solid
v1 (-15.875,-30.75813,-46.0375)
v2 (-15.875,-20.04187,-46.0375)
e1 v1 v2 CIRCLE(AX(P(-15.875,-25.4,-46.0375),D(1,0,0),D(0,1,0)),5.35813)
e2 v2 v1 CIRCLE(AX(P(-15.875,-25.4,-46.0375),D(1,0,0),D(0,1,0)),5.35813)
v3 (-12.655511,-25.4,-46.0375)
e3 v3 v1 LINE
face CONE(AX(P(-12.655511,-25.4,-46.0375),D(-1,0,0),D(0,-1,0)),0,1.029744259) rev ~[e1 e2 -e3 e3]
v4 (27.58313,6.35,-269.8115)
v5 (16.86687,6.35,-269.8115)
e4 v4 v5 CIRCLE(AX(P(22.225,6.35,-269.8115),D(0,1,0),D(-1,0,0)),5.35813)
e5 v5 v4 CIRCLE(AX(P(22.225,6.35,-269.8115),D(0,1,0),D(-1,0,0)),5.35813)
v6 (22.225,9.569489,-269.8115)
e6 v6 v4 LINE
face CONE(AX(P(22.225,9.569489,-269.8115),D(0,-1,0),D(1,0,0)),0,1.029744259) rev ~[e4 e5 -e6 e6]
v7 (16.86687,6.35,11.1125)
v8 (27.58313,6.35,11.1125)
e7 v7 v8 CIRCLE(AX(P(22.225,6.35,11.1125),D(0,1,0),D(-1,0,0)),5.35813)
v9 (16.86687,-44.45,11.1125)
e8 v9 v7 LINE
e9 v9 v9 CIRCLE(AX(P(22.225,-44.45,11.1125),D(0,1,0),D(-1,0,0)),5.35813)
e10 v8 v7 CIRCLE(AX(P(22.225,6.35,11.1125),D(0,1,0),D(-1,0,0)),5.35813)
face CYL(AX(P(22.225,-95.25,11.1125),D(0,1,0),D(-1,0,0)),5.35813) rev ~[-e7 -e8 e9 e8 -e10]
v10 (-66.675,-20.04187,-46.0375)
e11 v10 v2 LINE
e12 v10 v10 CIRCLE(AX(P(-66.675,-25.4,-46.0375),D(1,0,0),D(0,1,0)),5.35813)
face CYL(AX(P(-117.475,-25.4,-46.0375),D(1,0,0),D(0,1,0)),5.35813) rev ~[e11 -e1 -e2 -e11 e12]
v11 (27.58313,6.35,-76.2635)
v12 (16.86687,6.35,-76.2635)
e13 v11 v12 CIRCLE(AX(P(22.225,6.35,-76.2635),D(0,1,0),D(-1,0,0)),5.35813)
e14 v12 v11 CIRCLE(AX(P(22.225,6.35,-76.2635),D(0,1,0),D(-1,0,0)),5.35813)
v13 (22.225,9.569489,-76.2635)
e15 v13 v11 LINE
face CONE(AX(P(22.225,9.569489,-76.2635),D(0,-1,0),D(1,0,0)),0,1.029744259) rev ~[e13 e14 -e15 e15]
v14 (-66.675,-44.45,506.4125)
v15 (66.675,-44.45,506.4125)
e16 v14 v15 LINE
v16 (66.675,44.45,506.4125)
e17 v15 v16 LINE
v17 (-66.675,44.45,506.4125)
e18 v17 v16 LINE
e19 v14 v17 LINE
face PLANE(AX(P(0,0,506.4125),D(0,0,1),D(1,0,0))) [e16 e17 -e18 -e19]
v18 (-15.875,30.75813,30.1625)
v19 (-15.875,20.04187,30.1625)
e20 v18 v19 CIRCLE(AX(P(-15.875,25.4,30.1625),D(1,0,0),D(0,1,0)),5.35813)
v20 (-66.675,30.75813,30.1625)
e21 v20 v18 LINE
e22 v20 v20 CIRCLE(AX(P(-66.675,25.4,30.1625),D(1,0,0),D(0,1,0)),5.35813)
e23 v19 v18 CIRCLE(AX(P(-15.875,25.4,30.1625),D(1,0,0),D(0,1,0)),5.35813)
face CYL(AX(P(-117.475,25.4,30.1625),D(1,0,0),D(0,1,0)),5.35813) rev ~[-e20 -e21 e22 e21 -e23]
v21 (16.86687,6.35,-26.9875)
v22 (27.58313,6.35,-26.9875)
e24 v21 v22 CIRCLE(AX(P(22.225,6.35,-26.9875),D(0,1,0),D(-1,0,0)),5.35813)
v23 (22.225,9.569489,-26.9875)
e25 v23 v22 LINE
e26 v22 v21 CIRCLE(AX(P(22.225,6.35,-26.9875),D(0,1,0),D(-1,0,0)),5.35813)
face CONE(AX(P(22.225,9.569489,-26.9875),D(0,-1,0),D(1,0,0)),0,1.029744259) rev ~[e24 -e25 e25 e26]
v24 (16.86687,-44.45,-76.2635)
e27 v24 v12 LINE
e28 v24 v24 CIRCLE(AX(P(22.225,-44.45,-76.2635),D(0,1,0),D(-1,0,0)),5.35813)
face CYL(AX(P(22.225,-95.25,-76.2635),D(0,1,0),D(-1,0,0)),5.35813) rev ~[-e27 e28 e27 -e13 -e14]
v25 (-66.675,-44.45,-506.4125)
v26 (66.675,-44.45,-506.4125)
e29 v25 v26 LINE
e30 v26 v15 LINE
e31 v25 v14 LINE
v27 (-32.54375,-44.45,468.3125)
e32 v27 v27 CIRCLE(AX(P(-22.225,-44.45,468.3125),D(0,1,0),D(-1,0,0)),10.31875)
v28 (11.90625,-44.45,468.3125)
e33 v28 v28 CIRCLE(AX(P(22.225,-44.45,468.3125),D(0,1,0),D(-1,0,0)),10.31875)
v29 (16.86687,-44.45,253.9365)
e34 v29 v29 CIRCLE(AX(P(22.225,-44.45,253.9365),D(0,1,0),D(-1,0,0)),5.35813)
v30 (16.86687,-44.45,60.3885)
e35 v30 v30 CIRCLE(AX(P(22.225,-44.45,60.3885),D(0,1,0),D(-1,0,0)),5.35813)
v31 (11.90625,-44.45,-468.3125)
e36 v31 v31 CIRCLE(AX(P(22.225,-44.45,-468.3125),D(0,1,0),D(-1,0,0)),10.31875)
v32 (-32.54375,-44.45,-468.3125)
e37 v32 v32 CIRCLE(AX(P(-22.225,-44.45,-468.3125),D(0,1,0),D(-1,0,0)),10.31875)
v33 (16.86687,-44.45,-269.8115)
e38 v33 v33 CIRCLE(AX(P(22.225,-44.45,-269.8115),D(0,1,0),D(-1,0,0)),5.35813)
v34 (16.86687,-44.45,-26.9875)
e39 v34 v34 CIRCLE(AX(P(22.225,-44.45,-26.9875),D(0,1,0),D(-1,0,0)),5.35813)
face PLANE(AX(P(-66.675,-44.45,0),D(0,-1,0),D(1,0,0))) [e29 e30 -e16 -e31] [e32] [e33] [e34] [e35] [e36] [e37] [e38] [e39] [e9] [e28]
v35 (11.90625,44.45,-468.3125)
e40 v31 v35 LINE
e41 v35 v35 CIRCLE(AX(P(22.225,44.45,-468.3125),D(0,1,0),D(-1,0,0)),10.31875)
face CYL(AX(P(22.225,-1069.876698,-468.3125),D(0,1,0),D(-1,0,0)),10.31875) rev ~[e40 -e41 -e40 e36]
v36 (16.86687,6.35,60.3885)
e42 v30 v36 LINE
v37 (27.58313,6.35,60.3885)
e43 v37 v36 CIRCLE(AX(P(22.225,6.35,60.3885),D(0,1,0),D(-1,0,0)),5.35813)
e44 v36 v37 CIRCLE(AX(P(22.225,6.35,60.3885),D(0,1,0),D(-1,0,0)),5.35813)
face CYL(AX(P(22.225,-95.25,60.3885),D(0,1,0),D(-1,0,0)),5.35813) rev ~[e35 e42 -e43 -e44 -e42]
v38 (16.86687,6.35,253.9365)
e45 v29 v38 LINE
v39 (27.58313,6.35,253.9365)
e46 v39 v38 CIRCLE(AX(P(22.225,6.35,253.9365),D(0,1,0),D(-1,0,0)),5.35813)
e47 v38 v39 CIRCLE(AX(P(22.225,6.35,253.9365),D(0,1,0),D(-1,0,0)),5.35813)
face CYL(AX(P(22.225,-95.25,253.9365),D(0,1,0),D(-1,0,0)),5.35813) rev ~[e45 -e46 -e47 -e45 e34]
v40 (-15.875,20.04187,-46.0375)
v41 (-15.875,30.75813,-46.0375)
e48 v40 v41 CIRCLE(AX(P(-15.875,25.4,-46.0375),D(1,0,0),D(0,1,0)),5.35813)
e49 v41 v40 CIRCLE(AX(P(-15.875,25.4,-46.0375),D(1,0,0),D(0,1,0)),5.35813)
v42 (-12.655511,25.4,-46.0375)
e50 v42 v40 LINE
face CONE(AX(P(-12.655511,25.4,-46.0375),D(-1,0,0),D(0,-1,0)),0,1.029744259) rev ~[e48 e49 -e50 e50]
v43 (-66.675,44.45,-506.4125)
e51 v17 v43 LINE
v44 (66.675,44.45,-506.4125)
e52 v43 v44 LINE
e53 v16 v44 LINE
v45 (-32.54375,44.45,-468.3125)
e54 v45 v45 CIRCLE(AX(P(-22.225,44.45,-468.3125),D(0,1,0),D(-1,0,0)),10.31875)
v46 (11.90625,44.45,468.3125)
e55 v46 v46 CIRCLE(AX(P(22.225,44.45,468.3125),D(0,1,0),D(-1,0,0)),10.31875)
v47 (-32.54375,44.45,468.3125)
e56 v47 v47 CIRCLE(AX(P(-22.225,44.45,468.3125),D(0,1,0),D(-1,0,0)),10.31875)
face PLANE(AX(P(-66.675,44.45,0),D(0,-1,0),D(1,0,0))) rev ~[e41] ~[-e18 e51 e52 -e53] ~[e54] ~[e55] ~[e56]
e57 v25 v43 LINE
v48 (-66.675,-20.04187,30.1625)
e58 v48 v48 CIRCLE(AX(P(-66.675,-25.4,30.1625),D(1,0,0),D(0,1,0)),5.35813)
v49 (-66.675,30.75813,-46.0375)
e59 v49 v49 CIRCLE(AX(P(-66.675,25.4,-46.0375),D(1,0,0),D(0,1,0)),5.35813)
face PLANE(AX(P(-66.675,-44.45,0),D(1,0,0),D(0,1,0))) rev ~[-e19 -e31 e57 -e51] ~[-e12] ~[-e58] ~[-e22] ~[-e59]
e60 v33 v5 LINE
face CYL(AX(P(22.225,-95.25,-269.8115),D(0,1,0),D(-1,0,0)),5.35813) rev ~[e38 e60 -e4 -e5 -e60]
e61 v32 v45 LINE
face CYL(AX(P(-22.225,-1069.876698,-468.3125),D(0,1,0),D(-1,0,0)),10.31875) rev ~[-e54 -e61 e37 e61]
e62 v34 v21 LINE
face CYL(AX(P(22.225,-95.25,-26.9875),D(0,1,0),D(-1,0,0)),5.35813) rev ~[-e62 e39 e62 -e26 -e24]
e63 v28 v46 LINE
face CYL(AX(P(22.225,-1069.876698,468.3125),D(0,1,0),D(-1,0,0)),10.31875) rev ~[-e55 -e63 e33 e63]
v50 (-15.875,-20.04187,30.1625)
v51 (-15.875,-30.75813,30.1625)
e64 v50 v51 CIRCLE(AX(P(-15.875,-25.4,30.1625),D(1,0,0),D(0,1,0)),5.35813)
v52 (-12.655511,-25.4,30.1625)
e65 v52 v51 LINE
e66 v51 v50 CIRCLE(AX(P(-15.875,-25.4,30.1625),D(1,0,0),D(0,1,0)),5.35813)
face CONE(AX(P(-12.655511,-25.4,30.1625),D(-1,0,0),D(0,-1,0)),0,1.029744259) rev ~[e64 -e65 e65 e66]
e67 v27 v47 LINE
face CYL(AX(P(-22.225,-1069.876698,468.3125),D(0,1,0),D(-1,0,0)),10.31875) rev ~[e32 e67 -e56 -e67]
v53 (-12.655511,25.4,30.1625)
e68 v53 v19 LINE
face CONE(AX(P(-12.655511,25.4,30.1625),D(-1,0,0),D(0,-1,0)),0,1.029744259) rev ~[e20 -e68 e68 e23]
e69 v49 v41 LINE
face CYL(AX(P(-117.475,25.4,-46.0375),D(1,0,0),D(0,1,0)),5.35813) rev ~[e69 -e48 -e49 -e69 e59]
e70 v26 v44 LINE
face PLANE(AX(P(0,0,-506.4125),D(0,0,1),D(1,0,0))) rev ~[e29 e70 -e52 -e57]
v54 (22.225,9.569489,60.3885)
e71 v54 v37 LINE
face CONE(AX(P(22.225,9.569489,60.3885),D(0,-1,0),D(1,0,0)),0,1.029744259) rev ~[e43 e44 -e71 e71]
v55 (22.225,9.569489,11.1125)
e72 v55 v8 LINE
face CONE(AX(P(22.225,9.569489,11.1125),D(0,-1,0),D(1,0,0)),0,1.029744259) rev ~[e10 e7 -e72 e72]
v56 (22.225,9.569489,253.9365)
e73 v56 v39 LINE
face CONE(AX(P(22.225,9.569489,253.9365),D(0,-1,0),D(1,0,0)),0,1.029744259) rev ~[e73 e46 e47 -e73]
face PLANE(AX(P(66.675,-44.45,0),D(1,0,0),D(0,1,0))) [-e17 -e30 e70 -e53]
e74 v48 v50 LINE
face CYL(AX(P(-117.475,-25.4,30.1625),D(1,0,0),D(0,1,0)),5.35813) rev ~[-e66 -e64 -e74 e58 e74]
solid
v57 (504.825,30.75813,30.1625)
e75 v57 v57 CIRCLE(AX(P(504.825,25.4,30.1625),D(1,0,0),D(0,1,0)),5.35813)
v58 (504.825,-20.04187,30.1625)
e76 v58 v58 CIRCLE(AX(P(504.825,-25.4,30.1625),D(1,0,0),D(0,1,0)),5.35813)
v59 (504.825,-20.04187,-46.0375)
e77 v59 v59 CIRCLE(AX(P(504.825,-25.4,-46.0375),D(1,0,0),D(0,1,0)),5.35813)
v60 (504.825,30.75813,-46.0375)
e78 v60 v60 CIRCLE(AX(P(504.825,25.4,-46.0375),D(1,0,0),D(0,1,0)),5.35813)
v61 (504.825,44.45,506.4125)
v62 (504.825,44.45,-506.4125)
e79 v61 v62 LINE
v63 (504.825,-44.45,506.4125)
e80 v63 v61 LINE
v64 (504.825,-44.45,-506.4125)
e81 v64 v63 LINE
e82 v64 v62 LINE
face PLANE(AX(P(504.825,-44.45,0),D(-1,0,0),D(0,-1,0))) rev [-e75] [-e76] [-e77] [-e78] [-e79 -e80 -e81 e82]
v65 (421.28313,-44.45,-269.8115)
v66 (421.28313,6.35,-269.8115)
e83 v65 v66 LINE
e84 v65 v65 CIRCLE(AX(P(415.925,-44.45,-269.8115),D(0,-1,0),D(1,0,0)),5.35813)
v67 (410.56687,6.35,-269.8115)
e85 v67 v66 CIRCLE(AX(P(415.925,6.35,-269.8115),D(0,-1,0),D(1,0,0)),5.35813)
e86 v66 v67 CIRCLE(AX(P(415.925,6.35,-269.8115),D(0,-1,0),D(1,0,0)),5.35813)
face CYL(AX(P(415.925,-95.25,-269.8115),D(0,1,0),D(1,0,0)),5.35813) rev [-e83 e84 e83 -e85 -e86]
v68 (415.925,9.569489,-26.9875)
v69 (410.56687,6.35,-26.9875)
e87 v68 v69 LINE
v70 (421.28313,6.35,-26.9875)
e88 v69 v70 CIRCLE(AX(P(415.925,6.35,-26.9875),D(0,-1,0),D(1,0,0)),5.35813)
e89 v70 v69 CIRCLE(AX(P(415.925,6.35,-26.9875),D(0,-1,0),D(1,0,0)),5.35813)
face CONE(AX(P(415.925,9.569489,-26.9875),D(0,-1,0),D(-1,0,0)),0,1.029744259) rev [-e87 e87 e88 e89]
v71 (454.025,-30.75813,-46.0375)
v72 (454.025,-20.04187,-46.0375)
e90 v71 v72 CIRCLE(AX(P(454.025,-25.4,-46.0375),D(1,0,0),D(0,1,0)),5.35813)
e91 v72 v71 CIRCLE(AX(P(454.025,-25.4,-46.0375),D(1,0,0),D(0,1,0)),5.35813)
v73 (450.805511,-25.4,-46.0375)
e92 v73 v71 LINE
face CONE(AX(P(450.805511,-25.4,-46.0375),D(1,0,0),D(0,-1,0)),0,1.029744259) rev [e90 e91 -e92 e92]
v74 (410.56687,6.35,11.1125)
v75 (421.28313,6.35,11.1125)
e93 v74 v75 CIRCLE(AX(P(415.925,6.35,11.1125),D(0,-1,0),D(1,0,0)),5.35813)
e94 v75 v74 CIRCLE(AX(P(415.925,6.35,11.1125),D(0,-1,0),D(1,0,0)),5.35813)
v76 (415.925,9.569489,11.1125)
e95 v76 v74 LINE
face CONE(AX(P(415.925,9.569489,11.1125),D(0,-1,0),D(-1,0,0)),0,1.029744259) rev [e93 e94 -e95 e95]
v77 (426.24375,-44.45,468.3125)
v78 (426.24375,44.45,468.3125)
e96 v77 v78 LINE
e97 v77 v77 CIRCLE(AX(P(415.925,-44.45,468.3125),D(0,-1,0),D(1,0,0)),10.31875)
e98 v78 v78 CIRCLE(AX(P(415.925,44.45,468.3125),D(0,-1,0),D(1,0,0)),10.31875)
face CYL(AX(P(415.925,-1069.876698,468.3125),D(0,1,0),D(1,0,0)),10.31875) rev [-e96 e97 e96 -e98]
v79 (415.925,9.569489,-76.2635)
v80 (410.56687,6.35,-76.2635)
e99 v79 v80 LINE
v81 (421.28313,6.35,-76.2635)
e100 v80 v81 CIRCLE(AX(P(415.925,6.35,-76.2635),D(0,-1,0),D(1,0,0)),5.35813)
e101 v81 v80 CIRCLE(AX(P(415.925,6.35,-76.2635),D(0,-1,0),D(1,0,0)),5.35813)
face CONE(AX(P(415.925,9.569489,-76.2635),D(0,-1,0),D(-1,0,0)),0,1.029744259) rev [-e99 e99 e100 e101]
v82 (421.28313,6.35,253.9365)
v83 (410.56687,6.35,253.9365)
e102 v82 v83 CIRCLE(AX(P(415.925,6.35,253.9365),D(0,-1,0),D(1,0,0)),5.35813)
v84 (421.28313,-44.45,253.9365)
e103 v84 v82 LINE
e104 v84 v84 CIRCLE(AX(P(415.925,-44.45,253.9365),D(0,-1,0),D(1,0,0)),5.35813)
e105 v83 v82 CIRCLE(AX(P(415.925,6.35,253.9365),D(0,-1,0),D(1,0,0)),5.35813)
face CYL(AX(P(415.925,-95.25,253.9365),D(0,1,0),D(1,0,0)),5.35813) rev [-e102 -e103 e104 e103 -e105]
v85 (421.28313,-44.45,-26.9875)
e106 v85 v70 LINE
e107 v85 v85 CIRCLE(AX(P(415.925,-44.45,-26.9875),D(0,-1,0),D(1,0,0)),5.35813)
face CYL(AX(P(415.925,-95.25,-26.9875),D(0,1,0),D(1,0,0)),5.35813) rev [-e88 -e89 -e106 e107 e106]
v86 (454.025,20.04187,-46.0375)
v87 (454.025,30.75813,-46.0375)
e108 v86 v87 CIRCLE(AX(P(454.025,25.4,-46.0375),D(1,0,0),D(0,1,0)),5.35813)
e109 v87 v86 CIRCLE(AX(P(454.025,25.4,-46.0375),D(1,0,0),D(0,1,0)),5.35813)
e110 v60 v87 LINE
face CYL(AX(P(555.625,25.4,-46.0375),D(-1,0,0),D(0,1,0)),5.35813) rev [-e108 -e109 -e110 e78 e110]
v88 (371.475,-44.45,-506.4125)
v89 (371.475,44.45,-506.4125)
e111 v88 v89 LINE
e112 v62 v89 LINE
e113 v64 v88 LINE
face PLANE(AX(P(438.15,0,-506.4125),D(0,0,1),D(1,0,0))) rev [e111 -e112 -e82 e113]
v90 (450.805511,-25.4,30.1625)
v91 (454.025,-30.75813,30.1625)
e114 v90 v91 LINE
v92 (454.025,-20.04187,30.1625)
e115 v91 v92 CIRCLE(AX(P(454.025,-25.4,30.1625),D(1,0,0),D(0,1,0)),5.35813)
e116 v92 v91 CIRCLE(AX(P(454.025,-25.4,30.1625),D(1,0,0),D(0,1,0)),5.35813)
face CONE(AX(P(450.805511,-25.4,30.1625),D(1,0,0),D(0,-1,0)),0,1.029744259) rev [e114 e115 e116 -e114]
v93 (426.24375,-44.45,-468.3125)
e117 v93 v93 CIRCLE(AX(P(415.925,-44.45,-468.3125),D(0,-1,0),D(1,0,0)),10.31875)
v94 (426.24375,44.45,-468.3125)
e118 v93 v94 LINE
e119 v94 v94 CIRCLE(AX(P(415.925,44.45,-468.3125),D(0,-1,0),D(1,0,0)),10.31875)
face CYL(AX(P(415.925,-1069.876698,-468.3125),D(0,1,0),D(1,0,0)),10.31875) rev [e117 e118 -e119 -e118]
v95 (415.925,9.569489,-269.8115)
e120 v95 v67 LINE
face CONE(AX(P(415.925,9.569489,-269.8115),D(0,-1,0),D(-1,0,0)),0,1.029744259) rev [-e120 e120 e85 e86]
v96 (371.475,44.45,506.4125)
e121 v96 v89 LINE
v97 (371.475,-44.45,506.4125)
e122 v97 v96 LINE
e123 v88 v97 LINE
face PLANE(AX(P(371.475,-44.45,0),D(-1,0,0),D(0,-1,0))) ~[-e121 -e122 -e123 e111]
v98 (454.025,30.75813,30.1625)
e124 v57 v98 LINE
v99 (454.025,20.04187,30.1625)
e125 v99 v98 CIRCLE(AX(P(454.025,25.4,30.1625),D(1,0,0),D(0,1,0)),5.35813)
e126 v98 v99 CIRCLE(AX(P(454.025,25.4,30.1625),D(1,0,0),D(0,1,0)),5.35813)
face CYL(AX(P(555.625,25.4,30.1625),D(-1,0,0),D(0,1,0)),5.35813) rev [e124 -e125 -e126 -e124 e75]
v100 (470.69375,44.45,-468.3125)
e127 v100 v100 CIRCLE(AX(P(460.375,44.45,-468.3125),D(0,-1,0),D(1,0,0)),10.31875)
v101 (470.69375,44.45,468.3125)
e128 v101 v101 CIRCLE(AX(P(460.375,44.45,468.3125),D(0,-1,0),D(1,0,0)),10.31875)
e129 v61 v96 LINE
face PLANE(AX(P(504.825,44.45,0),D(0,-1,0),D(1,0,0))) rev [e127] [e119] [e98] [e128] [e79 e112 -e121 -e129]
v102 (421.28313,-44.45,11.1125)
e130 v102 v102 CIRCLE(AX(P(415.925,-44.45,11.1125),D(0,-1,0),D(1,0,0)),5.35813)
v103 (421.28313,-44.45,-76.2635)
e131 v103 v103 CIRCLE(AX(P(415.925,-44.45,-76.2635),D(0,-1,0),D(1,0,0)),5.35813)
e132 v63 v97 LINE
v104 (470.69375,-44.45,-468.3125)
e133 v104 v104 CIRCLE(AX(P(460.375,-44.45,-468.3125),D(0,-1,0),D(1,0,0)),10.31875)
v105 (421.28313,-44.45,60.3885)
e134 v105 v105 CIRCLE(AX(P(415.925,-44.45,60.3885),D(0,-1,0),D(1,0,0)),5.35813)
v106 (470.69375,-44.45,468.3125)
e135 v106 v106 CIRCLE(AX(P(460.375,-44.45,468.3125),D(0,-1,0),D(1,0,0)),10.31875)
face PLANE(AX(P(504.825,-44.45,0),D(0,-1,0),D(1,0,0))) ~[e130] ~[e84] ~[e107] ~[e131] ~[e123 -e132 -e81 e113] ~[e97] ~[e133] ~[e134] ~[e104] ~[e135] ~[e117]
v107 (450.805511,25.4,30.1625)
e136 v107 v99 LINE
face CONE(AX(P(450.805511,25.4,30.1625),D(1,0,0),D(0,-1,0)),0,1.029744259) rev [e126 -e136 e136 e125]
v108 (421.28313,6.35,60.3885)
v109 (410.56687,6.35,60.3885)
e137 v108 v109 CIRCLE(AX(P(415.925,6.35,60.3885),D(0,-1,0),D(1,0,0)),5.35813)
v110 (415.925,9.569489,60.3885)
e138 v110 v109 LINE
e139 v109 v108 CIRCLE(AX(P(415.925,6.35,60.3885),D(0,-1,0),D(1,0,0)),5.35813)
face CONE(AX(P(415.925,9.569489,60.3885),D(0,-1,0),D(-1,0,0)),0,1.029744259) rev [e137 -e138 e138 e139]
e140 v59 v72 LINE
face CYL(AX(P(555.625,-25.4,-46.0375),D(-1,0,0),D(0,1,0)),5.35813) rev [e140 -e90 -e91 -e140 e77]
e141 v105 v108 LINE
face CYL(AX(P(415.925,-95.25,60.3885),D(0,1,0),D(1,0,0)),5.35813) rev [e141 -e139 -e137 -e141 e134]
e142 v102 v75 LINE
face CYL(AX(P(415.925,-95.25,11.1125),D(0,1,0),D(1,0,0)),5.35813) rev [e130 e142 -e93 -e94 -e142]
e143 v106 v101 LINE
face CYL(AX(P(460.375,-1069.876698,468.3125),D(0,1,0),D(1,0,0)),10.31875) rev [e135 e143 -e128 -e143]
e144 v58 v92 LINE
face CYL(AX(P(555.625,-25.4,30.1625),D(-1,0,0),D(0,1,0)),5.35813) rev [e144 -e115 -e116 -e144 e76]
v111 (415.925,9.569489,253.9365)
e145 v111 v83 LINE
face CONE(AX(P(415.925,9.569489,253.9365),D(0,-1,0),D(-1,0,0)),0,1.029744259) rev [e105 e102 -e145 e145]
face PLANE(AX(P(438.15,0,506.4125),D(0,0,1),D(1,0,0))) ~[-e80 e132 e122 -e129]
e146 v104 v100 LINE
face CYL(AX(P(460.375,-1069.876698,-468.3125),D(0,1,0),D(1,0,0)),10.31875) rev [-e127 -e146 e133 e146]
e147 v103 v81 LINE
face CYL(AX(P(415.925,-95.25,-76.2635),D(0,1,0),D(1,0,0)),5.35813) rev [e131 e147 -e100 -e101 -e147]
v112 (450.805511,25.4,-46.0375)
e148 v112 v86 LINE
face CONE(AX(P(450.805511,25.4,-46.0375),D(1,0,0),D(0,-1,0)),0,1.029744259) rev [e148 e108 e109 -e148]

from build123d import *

# Parameters (mm, degrees)
F0_W     = 133.35
F0_H     = 88.9
F1_DEPTH = 506.4125
F3_D     = 20.6375
F4_D     = 10.71626
F4_DEPTH = 50.8
F4_TIP   = 3.2194893086
F6_D     = 10.71626
F6_DEPTH = 50.8
F6_TIP   = 3.2194893086
F8_D     = 10.71626
F8_DEPTH = 50.8
F8_TIP   = 3.2194893086


with BuildPart() as f1:
    # F0 (on Top) → F1 (new body, symmetric)
    with BuildSketch(Plane.XY):
        Rectangle(F0_W, F0_H)
    extrude(amount=F1_DEPTH, both=True)

    # F3 (through all)
    with Locations(Plane.XZ.offset(44.45)):
        with Locations((-22.225, 468.3125), (22.225, 468.3125), (22.225, -468.3125), (-22.225, -468.3125)):
            Hole(F3_D / 2)

    # F4
    with Locations(Plane.XZ.offset(44.45)):
        with Locations((22.225, 253.9365), (22.225, 60.3885), (22.225, -76.2635), (22.225, -269.8115)):
            Hole(F4_D / 2, depth=F4_DEPTH)
            with Locations((0, 0, -(F4_DEPTH + F4_TIP / 2))):  # 118° drill point
                Cone(0, F4_D / 2, F4_TIP, mode=Mode.SUBTRACT)

    # F6
    with Locations(Plane.XZ.offset(44.45)):
        with Locations((22.225, 11.1125), (22.225, -26.9875)):
            Hole(F6_D / 2, depth=F6_DEPTH)
            with Locations((0, 0, -(F6_DEPTH + F6_TIP / 2))):  # 118° drill point
                Cone(0, F6_D / 2, F6_TIP, mode=Mode.SUBTRACT)

    # F8
    with Locations(Plane(origin=(-66.675, 0, 0), x_dir=(0, -1, 0), z_dir=(-1, 0, 0))):
        with Locations((-25.4, 30.1625), (25.4, 30.1625), (-25.4, -46.0375), (25.4, -46.0375)):
            Hole(F8_D / 2, depth=F8_DEPTH)
            with Locations((0, 0, -(F8_DEPTH + F8_TIP / 2))):  # 118° drill point
                Cone(0, F8_D / 2, F8_TIP, mode=Mode.SUBTRACT)


with BuildPart() as f10_1:
    # F10: instance of F1
    add(f1.part.mirror(Plane.YZ.offset(219.075)))


solid = Compound([f1.part, f10_1.part])
